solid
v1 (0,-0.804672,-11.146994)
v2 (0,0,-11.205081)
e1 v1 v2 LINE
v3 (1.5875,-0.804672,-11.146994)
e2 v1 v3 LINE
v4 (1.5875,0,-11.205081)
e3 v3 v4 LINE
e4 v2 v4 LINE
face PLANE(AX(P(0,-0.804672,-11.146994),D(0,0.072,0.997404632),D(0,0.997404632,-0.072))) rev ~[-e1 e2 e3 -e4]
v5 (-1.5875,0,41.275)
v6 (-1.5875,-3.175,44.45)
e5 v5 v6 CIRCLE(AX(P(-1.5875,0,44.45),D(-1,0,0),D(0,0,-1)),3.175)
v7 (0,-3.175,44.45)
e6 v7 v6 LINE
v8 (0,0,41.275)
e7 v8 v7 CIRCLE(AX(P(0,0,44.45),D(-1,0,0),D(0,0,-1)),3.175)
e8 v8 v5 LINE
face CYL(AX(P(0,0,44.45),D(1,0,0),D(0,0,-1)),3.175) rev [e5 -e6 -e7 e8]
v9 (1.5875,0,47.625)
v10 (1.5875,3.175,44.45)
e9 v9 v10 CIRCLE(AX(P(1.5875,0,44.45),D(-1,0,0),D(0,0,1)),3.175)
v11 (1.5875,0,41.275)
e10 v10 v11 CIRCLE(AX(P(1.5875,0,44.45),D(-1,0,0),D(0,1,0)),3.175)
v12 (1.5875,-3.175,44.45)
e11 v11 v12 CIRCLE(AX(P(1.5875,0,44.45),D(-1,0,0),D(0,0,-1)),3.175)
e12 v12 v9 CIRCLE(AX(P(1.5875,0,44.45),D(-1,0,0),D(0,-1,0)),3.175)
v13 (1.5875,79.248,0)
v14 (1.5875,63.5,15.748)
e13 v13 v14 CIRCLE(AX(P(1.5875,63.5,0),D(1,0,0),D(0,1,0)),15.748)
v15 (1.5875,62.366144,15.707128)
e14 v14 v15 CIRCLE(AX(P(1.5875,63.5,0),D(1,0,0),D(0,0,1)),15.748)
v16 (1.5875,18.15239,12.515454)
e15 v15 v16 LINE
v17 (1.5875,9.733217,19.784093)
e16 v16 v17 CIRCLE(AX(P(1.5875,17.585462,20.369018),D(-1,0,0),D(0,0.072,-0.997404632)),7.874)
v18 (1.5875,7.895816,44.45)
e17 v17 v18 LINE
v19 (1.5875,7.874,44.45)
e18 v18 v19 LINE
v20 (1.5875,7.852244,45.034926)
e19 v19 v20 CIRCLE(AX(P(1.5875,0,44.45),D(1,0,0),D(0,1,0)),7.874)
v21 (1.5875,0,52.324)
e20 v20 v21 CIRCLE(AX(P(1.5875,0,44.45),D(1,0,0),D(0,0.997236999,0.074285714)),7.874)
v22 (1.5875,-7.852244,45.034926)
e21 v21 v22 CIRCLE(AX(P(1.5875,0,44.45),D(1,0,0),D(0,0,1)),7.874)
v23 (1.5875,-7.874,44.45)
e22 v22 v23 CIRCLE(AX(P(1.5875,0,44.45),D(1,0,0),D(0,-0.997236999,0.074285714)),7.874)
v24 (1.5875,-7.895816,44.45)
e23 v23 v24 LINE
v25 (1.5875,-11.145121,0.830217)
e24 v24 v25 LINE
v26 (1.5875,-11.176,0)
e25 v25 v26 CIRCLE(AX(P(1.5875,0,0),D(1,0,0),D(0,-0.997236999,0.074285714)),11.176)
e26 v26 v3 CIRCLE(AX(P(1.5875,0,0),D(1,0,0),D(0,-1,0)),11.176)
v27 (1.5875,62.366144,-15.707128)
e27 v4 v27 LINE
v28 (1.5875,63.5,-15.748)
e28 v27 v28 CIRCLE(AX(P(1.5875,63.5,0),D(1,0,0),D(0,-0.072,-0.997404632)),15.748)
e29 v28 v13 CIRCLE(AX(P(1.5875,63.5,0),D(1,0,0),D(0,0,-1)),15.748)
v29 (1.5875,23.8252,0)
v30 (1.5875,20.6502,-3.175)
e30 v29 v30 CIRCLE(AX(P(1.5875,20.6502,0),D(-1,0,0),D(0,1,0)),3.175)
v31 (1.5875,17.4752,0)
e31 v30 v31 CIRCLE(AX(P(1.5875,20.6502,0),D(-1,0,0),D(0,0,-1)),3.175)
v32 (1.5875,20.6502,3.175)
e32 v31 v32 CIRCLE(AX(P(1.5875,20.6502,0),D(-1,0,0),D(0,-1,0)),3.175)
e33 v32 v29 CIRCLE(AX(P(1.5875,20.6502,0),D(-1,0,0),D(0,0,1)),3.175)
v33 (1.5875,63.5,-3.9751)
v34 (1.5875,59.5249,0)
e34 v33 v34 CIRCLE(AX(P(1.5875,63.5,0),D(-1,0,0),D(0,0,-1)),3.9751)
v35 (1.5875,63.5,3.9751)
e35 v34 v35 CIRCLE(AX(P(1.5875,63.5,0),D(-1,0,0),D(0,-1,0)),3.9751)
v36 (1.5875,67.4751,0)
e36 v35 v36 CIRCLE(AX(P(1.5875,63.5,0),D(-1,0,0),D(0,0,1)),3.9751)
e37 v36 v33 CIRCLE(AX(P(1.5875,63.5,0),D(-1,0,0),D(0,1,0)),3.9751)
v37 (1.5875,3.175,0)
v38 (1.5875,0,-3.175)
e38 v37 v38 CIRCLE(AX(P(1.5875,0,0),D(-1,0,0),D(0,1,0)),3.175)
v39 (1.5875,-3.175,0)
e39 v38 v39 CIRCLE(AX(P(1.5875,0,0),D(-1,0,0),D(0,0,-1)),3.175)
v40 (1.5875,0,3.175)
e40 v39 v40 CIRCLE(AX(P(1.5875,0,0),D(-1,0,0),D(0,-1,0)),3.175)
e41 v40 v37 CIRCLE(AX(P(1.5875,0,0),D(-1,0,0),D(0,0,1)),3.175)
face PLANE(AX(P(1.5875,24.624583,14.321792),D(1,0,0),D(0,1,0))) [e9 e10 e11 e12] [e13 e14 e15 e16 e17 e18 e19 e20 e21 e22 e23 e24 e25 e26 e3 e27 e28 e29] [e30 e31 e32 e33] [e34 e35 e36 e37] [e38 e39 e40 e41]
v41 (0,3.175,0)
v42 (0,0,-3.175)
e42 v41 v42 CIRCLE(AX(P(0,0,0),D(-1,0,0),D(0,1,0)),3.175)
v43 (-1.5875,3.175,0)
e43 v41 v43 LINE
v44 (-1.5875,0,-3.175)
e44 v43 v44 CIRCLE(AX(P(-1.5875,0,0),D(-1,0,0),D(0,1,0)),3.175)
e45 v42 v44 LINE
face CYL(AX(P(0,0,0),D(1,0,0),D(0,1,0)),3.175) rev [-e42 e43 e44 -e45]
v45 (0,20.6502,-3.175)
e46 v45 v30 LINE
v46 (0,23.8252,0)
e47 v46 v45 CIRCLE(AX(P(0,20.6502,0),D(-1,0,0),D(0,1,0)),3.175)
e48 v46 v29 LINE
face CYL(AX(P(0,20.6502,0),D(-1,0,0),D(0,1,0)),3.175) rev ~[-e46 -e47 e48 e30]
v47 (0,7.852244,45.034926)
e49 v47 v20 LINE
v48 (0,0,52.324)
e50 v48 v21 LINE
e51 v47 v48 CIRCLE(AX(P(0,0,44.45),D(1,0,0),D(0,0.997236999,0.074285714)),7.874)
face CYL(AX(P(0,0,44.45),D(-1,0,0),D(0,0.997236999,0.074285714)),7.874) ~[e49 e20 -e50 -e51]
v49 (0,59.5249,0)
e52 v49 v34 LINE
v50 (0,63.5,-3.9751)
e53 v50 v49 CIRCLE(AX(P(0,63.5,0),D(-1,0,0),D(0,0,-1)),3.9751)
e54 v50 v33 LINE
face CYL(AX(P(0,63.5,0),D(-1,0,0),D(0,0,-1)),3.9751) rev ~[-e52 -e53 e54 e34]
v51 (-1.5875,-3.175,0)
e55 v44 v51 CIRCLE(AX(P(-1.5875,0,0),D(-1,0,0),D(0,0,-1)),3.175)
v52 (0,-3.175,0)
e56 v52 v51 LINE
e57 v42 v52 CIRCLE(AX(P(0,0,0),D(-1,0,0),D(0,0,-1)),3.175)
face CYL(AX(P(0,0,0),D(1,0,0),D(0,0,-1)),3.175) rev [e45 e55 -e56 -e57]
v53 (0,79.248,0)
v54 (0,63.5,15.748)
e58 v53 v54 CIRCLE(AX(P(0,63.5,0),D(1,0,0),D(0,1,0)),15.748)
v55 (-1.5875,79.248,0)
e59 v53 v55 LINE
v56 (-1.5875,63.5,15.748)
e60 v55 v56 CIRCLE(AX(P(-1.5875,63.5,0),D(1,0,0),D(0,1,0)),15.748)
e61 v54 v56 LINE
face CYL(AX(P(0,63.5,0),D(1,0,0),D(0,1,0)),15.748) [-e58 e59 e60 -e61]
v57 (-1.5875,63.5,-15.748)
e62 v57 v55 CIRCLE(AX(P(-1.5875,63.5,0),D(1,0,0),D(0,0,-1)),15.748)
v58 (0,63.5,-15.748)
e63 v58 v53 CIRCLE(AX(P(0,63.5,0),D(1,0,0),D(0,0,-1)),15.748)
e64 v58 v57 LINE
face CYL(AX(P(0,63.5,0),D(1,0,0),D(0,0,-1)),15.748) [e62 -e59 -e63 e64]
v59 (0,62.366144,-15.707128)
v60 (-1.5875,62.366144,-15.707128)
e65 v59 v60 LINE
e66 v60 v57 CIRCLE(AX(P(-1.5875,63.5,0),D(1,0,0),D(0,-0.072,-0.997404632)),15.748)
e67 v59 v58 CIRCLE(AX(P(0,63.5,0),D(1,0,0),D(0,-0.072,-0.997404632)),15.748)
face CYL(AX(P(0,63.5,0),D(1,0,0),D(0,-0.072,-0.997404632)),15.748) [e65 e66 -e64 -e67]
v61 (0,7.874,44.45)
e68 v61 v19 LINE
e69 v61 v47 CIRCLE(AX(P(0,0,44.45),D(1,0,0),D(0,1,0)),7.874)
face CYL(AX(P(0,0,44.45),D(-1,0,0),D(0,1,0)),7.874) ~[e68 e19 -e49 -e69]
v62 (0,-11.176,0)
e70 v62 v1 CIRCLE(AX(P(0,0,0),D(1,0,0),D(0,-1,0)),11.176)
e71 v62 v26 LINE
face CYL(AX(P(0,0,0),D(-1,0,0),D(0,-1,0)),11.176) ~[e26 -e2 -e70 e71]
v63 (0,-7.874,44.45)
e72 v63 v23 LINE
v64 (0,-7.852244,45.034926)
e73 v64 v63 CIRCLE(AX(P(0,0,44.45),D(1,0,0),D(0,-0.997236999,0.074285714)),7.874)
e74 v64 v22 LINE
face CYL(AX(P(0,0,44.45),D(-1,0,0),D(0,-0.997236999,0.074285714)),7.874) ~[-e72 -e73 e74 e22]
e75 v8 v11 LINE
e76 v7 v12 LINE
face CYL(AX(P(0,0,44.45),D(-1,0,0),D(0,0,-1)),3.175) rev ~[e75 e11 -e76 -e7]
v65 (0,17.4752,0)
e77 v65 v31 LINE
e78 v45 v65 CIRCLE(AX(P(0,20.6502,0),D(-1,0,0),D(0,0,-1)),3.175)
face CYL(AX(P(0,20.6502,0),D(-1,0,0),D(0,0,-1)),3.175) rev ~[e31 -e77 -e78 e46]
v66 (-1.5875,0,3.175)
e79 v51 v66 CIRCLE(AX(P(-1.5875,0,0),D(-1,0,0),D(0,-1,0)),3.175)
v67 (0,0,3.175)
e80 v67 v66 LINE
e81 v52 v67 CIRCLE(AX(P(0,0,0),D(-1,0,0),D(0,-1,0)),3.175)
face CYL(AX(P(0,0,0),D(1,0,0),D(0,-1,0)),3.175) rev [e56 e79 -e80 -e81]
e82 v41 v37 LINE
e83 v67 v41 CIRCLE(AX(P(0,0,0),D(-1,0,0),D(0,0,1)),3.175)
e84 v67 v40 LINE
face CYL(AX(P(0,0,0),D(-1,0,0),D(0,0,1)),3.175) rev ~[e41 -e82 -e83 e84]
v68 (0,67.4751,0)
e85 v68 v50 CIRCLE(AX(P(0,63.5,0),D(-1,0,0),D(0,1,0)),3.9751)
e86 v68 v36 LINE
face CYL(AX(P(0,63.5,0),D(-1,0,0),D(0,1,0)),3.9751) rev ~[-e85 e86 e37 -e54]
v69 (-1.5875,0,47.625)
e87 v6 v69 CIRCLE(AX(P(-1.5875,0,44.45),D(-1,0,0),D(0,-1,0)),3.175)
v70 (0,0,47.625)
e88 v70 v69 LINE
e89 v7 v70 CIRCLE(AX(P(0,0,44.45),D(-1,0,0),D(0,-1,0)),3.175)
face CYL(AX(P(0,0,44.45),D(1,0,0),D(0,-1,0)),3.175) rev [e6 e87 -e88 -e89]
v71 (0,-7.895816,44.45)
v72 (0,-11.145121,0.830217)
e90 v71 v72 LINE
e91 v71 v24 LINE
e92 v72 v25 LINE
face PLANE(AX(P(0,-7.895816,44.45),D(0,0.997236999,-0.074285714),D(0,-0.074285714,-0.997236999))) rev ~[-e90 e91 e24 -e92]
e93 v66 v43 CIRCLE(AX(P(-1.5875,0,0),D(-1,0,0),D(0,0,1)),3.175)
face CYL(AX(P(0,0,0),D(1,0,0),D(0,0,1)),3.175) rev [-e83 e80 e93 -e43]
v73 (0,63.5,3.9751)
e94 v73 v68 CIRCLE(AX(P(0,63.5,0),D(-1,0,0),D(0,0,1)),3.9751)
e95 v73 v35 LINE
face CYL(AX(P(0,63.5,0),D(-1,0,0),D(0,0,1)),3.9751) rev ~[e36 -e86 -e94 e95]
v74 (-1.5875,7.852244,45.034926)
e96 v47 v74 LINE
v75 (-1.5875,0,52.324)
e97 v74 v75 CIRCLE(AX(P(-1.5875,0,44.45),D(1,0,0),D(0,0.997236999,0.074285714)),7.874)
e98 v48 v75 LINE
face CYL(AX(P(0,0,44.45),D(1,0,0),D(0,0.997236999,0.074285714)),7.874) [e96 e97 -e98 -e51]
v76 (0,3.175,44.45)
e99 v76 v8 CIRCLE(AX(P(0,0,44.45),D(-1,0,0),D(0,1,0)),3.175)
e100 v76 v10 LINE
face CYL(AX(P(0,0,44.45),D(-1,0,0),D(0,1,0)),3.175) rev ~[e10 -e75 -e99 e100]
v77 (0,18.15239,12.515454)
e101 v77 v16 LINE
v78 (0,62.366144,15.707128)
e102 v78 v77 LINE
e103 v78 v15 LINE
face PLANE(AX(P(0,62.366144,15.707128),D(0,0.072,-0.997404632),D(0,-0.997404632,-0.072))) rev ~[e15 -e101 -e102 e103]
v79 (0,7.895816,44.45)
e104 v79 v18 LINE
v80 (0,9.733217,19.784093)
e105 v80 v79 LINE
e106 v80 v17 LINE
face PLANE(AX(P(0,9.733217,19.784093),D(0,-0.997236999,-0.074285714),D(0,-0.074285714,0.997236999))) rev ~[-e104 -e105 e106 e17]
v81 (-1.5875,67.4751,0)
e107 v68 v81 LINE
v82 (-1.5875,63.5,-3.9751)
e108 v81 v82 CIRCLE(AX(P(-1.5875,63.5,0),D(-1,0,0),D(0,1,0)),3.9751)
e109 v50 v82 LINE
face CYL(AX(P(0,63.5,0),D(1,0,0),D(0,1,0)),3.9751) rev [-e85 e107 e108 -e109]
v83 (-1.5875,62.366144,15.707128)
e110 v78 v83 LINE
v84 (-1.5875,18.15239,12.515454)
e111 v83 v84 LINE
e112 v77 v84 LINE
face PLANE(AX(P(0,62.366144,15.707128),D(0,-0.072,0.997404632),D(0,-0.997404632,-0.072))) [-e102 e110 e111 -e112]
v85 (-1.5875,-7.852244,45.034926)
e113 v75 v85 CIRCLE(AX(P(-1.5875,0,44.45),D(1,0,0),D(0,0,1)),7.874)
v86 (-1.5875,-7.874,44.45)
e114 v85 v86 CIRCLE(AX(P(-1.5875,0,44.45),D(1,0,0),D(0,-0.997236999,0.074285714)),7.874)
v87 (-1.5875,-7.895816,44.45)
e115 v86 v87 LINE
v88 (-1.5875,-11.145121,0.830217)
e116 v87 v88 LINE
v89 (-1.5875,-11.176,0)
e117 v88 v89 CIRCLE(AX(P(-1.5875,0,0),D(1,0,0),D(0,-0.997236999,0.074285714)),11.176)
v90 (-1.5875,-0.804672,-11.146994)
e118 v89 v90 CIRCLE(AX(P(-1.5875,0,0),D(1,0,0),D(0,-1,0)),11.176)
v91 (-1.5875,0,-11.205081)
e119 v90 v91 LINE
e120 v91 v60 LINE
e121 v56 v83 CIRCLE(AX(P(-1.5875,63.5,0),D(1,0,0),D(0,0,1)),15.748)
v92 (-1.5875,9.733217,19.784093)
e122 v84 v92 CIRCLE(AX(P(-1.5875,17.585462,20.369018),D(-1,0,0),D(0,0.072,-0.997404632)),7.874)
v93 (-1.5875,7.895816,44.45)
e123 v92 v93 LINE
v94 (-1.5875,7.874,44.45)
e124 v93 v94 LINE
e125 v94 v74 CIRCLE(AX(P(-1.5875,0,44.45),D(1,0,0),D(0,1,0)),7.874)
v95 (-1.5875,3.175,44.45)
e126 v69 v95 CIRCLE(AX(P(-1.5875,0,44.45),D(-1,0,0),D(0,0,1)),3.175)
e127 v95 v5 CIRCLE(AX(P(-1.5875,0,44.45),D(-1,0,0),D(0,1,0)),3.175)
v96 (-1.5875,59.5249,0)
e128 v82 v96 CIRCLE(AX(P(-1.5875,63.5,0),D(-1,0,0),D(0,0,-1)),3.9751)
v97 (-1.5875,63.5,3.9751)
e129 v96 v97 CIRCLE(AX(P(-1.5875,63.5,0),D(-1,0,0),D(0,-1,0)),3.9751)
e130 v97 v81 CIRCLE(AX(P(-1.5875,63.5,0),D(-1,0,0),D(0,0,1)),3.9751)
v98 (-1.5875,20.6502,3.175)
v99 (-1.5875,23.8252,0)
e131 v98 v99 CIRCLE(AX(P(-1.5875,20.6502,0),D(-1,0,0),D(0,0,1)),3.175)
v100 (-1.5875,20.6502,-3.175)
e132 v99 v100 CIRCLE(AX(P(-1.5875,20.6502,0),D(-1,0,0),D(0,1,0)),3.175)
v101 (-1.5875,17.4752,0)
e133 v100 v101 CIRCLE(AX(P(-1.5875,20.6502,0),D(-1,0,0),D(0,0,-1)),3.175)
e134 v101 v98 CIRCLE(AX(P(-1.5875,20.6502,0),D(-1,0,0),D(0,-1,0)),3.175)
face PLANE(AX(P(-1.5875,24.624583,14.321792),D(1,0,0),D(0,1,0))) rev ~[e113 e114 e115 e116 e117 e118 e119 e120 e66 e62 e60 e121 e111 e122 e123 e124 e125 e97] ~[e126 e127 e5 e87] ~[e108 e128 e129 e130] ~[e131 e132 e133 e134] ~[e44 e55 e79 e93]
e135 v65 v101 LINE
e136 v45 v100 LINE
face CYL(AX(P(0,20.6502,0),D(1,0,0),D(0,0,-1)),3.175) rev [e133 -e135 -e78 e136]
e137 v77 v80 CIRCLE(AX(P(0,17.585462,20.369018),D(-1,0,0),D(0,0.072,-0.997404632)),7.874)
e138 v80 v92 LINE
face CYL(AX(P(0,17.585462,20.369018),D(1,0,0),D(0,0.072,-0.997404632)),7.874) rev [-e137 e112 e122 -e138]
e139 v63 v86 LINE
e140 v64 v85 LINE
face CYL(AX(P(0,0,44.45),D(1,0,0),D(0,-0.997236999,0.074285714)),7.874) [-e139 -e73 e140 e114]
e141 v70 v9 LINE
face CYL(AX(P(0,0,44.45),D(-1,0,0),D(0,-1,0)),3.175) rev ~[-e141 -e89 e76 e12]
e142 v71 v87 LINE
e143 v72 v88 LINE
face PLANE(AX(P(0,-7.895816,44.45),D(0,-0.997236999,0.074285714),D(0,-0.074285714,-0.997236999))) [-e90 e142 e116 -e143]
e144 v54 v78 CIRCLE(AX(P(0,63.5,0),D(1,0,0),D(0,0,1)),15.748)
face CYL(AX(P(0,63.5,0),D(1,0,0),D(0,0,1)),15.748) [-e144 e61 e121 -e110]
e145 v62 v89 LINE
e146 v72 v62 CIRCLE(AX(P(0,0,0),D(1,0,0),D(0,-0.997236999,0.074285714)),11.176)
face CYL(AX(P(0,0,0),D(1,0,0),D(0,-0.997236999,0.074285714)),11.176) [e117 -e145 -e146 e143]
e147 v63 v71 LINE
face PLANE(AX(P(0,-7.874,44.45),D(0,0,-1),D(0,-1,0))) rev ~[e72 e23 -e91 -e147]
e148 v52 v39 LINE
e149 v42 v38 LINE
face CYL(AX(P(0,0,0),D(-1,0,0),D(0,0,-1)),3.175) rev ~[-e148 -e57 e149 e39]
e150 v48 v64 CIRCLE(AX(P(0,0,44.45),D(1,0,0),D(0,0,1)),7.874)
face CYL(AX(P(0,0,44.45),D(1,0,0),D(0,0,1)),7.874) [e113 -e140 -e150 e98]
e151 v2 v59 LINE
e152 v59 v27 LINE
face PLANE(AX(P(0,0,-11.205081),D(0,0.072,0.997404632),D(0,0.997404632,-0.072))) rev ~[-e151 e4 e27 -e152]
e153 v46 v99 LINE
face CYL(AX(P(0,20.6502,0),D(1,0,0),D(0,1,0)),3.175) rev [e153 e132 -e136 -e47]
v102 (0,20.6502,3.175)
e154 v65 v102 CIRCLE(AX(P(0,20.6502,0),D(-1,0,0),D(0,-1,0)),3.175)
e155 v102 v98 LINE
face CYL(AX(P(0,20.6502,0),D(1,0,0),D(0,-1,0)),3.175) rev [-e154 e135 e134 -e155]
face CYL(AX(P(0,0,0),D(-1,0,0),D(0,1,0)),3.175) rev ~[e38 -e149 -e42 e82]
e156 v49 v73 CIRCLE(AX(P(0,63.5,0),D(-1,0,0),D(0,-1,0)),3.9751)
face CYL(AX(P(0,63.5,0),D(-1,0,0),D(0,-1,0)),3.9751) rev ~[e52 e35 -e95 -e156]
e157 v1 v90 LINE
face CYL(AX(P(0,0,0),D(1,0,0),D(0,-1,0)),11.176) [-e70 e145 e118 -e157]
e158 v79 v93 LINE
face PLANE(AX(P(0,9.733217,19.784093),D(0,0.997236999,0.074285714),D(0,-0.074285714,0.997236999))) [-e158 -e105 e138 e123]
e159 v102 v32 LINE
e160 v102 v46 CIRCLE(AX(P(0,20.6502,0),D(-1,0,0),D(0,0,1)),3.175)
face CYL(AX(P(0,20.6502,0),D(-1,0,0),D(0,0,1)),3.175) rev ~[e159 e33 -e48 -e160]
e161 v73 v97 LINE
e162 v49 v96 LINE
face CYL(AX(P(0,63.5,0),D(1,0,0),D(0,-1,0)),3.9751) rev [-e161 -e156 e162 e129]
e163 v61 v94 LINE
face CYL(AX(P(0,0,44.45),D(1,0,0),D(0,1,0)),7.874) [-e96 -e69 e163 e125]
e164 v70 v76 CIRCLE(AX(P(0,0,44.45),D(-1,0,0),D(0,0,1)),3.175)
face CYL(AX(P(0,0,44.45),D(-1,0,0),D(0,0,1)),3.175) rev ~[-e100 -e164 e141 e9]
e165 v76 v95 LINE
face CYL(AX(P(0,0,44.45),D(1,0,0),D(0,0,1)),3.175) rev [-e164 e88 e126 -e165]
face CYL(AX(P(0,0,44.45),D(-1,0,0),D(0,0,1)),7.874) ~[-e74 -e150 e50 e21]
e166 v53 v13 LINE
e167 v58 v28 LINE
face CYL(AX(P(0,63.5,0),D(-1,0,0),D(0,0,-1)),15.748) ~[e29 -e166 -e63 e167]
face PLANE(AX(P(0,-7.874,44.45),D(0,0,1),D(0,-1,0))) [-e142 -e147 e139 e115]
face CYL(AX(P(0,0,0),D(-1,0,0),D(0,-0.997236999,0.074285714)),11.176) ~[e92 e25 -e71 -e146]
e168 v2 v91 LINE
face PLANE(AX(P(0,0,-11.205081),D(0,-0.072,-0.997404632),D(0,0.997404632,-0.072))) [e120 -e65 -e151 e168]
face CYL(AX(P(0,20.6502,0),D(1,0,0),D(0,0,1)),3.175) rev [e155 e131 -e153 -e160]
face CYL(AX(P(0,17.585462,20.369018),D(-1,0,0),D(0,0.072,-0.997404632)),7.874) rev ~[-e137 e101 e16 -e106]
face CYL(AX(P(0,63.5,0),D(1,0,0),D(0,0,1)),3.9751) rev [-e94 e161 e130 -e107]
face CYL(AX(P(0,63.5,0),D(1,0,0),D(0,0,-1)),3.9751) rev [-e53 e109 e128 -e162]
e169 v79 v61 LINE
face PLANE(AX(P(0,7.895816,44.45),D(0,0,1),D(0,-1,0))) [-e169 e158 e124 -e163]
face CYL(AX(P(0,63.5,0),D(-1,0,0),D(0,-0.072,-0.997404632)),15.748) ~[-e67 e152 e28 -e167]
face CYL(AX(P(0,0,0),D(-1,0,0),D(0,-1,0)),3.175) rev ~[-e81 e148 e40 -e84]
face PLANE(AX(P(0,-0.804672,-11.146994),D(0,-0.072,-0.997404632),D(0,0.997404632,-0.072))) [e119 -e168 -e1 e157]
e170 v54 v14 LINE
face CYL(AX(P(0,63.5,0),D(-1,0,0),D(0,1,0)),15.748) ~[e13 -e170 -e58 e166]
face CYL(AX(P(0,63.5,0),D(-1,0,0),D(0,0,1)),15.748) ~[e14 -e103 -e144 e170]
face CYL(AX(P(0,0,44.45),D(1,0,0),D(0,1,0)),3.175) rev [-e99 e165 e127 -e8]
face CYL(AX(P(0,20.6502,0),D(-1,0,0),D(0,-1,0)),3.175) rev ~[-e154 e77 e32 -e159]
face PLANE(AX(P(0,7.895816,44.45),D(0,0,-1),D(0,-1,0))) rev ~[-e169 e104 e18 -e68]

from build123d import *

# Parameters (mm, degrees)
F1_DEPTH = 1.5875


with BuildPart() as f1:
    # F0 (on Right) → F1 (new body, symmetric)
    with BuildSketch(Plane.YZ):
        with BuildLine():
            Line((0, 41.275), (0, 3.175))
            ThreePointArc((0, 3.175), (2.2450640303, 2.2450640303), (3.175, 0))
            Line((3.175, 0), (17.4752, 0))
            ThreePointArc((17.4752, 0), (18.4051359697, 2.2450640303), (20.6502, 3.175))
            ThreePointArc((20.6502, 3.175), (22.8952640303, 2.2450640303), (23.8252, 0))
            Line((23.8252, 0), (59.5249, 0))
            ThreePointArc((59.5249, 0), (60.6891798341, 2.8108201659), (63.5, 3.9751))
            Line((63.5, 3.9751), (63.5, 15.748))
            ThreePointArc((63.5, 15.748), (62.9327037949, 15.7377787192), (62.366144, 15.7071281452))
            Line((62.366144, 15.7071281452), (18.1523895677, 12.515454258))
            ThreePointArc((18.1523895677, 12.515454258), (12.4398582326, 14.4089308884), (9.7332174357, 19.7840926163))
            Line((9.7332174357, 19.7840926163), (7.895816146, 44.45))
            Line((7.895816146, 44.45), (7.874, 44.45))
            Line((7.874, 44.45), (3.175, 44.45))
            ThreePointArc((3.175, 44.45), (2.2450640303, 42.2049359697), (0, 41.275))
        make_face()
        with BuildLine():
            Line((67.4751, 0), (79.248, 0))
            ThreePointArc((79.248, 0), (74.6355175901, 11.1355175901), (63.5, 15.748))
            Line((63.5, 15.748), (63.5, 3.9751))
            ThreePointArc((63.5, 3.9751), (66.3108201659, 2.8108201659), (67.4751, 0))
        make_face()
        with BuildLine():
            Line((63.5, -3.9751), (63.5, -15.748))
            ThreePointArc((63.5, -15.748), (74.6355175901, -11.1355175901), (79.248, 0))
            Line((79.248, 0), (67.4751, 0))
            ThreePointArc((67.4751, 0), (66.3108201659, -2.8108201659), (63.5, -3.9751))
        make_face()
        with BuildLine():
            ThreePointArc((3.175, 0), (2.2450640303, -2.2450640303), (0, -3.175))
            Line((0, -3.175), (0, -11.2050813091))
            Line((0, -11.2050813091), (62.366144, -15.7071281452))
            ThreePointArc((62.366144, -15.7071281452), (62.9327037949, -15.7377787192), (63.5, -15.748))
            Line((63.5, -15.748), (63.5, -3.9751))
            ThreePointArc((63.5, -3.9751), (60.6891798341, -2.8108201659), (59.5249, 0))
            Line((59.5249, 0), (23.8252, 0))
            ThreePointArc((23.8252, 0), (22.8952640303, -2.2450640303), (20.6502, -3.175))
            ThreePointArc((20.6502, -3.175), (18.4051359697, -2.2450640303), (17.4752, 0))
            Line((17.4752, 0), (3.175, 0))
        make_face()
        with BuildLine():
            ThreePointArc((-11.1451207035, 0.8302171429), (-11.1682775078, 0.4153956052), (-11.176, 0))
            Line((-11.176, 0), (-3.175, 0))
            ThreePointArc((-3.175, 0), (-2.2450640303, 2.2450640303), (0, 3.175))
            Line((0, 3.175), (0, 41.275))
            ThreePointArc((0, 41.275), (-2.2450640303, 42.2049359697), (-3.175, 44.45))
            Line((-3.175, 44.45), (-7.874, 44.45))
            Line((-7.874, 44.45), (-7.895816146, 44.45))
            Line((-7.895816146, 44.45), (-11.1451207035, 0.8302171429))
        make_face()
        with BuildLine():
            Line((-3.175, 0), (-11.176, 0))
            ThreePointArc((-11.176, 0), (-8.1821754525, -7.612816881), (-0.804672, -11.1469941676))
            Line((-0.804672, -11.1469941676), (0, -11.2050813091))
            Line((0, -11.2050813091), (0, -3.175))
            ThreePointArc((0, -3.175), (-2.2450640303, -2.2450640303), (-3.175, 0))
        make_face()
        with BuildLine():
            ThreePointArc((0, 47.625), (2.2450640303, 46.6950640303), (3.175, 44.45))
            Line((3.175, 44.45), (7.874, 44.45))
            ThreePointArc((7.874, 44.45), (7.8685591532, 44.7426650855), (7.852244132, 45.0349257143))
            ThreePointArc((7.852244132, 45.0349257143), (5.3569660689, 50.220857002), (0, 52.324))
            Line((0, 52.324), (0, 47.625))
        make_face()
        with BuildLine():
            ThreePointArc((-7.852244132, 45.0349257143), (-7.8685591532, 44.7426650855), (-7.874, 44.45))
            Line((-7.874, 44.45), (-3.175, 44.45))
            ThreePointArc((-3.175, 44.45), (-2.2450640303, 46.6950640303), (0, 47.625))
            Line((0, 47.625), (0, 52.324))
            ThreePointArc((0, 52.324), (-5.3569660689, 50.220857002), (-7.852244132, 45.0349257143))
        make_face()
    extrude(amount=F1_DEPTH, both=True)


solid = f1.part
